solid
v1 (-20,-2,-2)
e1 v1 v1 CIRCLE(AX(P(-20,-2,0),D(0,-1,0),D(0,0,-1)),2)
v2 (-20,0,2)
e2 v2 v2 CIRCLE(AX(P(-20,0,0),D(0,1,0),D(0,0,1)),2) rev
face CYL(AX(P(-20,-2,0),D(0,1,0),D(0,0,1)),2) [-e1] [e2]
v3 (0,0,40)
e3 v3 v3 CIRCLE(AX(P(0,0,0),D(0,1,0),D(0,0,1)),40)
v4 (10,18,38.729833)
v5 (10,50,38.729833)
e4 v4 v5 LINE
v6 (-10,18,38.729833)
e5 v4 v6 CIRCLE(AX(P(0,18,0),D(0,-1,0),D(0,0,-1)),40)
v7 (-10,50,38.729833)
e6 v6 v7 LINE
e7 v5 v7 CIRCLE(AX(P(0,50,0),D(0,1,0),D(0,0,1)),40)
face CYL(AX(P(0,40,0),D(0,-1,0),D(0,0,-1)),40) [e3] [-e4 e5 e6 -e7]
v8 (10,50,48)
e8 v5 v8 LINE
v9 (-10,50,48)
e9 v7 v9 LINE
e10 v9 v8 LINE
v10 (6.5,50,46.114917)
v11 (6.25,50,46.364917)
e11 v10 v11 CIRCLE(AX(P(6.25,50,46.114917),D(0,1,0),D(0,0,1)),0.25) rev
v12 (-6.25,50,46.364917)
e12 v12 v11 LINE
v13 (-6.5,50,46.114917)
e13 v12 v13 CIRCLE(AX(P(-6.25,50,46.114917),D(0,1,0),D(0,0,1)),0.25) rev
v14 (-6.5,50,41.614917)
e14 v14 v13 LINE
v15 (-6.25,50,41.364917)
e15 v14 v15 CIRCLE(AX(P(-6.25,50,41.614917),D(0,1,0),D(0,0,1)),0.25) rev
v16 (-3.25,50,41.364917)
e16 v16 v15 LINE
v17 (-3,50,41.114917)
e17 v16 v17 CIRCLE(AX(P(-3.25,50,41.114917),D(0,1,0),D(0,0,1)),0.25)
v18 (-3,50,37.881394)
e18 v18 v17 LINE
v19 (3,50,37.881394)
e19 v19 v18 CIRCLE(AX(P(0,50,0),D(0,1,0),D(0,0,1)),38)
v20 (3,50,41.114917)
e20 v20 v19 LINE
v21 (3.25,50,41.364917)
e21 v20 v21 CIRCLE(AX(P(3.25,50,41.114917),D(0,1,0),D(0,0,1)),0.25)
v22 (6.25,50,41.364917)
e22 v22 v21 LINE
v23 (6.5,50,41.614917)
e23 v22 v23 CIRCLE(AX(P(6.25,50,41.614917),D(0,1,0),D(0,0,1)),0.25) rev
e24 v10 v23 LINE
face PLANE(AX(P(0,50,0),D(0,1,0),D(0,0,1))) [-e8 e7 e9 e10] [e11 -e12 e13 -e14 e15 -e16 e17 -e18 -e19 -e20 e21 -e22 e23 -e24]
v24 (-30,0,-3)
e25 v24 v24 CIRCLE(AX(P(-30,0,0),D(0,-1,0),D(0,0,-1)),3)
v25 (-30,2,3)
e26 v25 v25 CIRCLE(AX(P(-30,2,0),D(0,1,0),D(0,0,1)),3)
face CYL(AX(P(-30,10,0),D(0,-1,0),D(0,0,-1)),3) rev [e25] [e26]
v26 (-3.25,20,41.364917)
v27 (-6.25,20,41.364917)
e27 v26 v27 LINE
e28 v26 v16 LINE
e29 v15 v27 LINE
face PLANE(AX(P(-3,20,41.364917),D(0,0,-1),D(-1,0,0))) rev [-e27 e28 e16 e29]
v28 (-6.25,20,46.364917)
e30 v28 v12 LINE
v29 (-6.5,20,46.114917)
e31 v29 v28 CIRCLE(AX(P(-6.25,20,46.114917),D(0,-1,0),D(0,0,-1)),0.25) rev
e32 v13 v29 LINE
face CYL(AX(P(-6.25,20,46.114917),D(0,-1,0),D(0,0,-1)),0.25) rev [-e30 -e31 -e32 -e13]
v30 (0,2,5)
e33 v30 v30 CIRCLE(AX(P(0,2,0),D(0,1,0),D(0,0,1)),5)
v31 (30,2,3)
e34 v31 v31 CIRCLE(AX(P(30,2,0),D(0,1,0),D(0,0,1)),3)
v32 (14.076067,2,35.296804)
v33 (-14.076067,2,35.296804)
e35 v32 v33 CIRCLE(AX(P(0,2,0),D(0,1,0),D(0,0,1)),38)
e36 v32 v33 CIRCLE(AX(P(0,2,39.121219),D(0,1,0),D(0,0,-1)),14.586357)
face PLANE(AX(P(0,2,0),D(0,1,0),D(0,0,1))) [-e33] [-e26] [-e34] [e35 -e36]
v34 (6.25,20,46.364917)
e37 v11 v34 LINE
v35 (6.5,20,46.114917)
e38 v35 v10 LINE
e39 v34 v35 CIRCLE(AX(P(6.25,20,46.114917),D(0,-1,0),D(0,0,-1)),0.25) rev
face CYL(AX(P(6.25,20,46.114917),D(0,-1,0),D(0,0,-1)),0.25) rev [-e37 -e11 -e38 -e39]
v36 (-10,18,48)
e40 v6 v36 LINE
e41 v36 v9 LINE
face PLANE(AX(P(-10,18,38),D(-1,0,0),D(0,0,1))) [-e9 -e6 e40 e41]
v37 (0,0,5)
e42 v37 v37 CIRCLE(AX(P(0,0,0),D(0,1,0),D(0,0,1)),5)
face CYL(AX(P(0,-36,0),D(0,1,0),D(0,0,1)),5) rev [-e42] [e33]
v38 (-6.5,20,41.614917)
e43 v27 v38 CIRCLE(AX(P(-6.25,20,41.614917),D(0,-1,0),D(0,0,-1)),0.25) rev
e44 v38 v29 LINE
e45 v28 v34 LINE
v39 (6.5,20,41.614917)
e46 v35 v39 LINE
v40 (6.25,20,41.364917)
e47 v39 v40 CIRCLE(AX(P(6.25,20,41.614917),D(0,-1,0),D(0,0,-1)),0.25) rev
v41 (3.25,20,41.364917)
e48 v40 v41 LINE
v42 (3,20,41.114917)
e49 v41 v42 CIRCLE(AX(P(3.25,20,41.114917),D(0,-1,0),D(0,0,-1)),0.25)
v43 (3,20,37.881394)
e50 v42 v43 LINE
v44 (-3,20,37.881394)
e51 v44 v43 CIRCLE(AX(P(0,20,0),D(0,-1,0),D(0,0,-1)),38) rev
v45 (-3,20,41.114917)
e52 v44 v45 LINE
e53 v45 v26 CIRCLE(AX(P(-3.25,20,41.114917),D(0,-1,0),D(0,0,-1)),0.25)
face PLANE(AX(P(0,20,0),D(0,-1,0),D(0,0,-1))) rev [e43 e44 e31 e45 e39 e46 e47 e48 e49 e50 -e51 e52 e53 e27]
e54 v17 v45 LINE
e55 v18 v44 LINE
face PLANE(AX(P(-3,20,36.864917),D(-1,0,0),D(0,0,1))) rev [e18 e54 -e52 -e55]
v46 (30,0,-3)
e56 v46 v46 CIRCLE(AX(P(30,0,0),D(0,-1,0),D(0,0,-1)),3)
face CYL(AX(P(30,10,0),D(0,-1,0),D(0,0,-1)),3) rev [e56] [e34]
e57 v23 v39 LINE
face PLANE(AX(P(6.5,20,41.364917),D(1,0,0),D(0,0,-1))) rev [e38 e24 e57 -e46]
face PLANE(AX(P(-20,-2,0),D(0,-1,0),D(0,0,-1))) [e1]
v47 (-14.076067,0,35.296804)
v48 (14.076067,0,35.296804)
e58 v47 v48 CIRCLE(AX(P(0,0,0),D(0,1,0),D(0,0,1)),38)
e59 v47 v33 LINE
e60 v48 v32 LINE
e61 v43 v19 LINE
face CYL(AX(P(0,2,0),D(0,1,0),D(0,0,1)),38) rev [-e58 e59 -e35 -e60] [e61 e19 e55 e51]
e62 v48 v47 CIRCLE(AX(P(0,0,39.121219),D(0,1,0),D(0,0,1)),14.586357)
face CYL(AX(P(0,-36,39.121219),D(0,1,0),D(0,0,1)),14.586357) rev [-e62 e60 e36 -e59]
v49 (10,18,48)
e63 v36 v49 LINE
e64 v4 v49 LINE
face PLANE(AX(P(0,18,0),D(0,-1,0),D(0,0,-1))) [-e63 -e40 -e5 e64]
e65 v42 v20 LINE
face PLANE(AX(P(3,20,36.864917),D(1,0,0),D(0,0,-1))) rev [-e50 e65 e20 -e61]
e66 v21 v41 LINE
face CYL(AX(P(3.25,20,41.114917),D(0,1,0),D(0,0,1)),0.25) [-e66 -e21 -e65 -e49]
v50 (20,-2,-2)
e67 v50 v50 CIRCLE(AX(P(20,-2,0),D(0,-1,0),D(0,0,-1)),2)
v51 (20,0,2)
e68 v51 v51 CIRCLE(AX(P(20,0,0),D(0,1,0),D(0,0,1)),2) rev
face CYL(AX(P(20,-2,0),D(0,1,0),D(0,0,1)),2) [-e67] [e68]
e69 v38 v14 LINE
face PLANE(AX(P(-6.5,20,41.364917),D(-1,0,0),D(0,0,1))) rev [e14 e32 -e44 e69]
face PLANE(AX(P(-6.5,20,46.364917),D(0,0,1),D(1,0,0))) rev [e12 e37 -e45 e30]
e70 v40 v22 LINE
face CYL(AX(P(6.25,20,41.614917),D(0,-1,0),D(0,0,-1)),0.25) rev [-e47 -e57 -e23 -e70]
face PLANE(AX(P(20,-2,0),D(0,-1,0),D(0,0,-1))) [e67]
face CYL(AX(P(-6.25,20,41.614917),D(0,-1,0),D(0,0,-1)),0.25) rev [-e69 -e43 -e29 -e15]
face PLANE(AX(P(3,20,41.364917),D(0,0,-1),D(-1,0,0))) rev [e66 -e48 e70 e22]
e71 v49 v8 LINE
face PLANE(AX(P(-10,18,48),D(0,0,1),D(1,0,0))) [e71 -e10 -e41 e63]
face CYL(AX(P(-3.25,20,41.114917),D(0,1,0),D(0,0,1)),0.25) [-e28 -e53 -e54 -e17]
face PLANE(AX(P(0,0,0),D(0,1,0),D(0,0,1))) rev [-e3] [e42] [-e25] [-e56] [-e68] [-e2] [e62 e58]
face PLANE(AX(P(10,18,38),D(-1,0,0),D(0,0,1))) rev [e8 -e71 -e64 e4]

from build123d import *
from build123d.topology import SkipClean

# Parameters (mm, degrees)
SKETCH1_R           = 40
BOSS_EXTRUDE1_DEPTH = 40
SKETCH2_R           = 38
CUT_EXTRUDE1_DEPTH  = 38
CUT_EXTRUDE2_DEPTH  = 38
SKETCH4_R           = 5
CUT_EXTRUDE3_DEPTH  = 38
SKETCH6_R           = 2
BOSS_EXTRUDE2_DEPTH = 2
BOSS_EXTRUDE3_START = 10
SKETCH9_R           = 40
SKETCH9_R_2         = 38
BOSS_EXTRUDE3_DEPTH = 10
BOSS_EXTRUDE4_DEPTH = 32
CUT_EXTRUDE4_DEPTH  = 30
FILLET1_R           = 0.25
SKETCH13_R          = 3
CUT_EXTRUDE5_DEPTH  = 10


with BuildPart() as part:
    # Sketch1 → Boss-Extrude1 (new body)
    with BuildSketch(Plane(origin=(0, 0, 0), x_dir=(1, 0, 0), z_dir=(0, 1, 0))):
        with Locations(Location((0, 0, 0), (0, 0, 270))):
            Circle(SKETCH1_R)
    extrude(amount=BOSS_EXTRUDE1_DEPTH)

    # Sketch2 → Cut-Extrude1 (cut)
    with BuildSketch(Plane(origin=(0, 40, 0), x_dir=(1, 0, 0), z_dir=(0, 1, 0))):
        with Locations(Location((0, 0, 0), (0, 0, 270))):
            Circle(SKETCH2_R)
    extrude(amount=-CUT_EXTRUDE1_DEPTH, mode=Mode.SUBTRACT)

    # Sketch3 → Cut-Extrude2 (cut)
    with SkipClean():  # the faces are left unmerged after this step: merging them gives an invalid solid
        with BuildSketch(Plane(origin=(0, 2, 0), x_dir=(1, 0, 0), z_dir=(0, 1, 0))):
            with BuildLine():
                ThreePointArc((-14.076066703, -35.296803626), (0, -24.534862453), (14.076066703, -35.296803626))
                ThreePointArc((14.076066703, -35.296803626), (0, -38), (-14.076066703, -35.296803626))
            make_face()
        extrude(amount=-CUT_EXTRUDE2_DEPTH, mode=Mode.SUBTRACT)

    # Sketch4 → Cut-Extrude3 (cut)
    with SkipClean():  # the faces are left unmerged after this step: merging them gives an invalid solid
        with BuildSketch(Plane(origin=(0, 2, 0), x_dir=(1, 0, 0), z_dir=(0, 1, 0))):
            with Locations(Location((0, 0, 0), (0, 0, 270))):
                Circle(SKETCH4_R)
        extrude(amount=-CUT_EXTRUDE3_DEPTH, mode=Mode.SUBTRACT)

    # Sketch6 → Boss-Extrude2 (add)
    with SkipClean():  # the faces are left unmerged after this step: merging them gives an invalid solid
        with BuildSketch(Plane.XZ):
            with Locations(Location((-20, 0, 0), (0, 0, 90))):
                Circle(SKETCH6_R)
            with Locations(Location((20, 0, 0), (0, 0, 90))):
                Circle(SKETCH6_R)
        extrude(amount=BOSS_EXTRUDE2_DEPTH)

    # Sketch9 → Boss-Extrude3 (add)
    with SkipClean():  # the faces are left unmerged after this step: merging them gives an invalid solid
        with BuildSketch(Plane(origin=(0, 40, 0), x_dir=(1, 0, 0), z_dir=(0, 1, 0)).offset(BOSS_EXTRUDE3_START)):
            with Locations(Location((0, 0, 0), (0, 0, 270))):
                Circle(SKETCH9_R)
            with Locations(Location((0, 0, 0), (0, 0, 270))):
                Circle(SKETCH9_R_2, mode=Mode.SUBTRACT)
        extrude(amount=-BOSS_EXTRUDE3_DEPTH)

    # Sketch10 → Boss-Extrude4 (add)
    with SkipClean():  # the faces are left unmerged after this step: merging them gives an invalid solid
        with BuildSketch(Plane(origin=(0, 50, 0), x_dir=(1, 0, 0), z_dir=(0, 1, 0))):
            Polygon((0, -38), (10, -38), (10, -48), (-10, -48), (-10, -38), align=None)
        extrude(amount=-BOSS_EXTRUDE4_DEPTH)

    # Sketch11 → Cut-Extrude4 (cut)
    with SkipClean():  # the faces are left unmerged after this step: merging them gives an invalid solid
        with BuildSketch(Plane(origin=(0, 50, 0), x_dir=(1, 0, 0), z_dir=(0, 1, 0))):
            Polygon((-3, -36.864916731), (3, -36.864916731), (3, -41.364916731), (6.5, -41.364916731), (6.5, -46.364916731), (-6.5, -46.364916731), (-6.5, -41.364916731), (-3, -41.364916731), align=None)
        extrude(amount=-CUT_EXTRUDE4_DEPTH, mode=Mode.SUBTRACT)

    # Fillet1
    fillet1_edges = [part.edges().sort_by_distance(p)[0] for p in [
        (-3, 35, 41.364916731),
        (6.5, 35, 46.364916731),
        (-6.5, 35, 46.364916731),
        (-6.5, 35, 41.364916731),
        (3, 35, 41.364916731),
        (6.5, 35, 41.364916731),
    ]]
    fillet(fillet1_edges, radius=FILLET1_R)

    # Sketch13 → Cut-Extrude5 (cut)
    with BuildSketch(Plane.XZ):
        with Locations(Location((-30, 0, 0), (0, 0, 270))):
            Circle(SKETCH13_R)
        with Locations(Location((30, 0, 0), (0, 0, 270))):
            Circle(SKETCH13_R)
    extrude(amount=-CUT_EXTRUDE5_DEPTH, mode=Mode.SUBTRACT)


solid = part.part
